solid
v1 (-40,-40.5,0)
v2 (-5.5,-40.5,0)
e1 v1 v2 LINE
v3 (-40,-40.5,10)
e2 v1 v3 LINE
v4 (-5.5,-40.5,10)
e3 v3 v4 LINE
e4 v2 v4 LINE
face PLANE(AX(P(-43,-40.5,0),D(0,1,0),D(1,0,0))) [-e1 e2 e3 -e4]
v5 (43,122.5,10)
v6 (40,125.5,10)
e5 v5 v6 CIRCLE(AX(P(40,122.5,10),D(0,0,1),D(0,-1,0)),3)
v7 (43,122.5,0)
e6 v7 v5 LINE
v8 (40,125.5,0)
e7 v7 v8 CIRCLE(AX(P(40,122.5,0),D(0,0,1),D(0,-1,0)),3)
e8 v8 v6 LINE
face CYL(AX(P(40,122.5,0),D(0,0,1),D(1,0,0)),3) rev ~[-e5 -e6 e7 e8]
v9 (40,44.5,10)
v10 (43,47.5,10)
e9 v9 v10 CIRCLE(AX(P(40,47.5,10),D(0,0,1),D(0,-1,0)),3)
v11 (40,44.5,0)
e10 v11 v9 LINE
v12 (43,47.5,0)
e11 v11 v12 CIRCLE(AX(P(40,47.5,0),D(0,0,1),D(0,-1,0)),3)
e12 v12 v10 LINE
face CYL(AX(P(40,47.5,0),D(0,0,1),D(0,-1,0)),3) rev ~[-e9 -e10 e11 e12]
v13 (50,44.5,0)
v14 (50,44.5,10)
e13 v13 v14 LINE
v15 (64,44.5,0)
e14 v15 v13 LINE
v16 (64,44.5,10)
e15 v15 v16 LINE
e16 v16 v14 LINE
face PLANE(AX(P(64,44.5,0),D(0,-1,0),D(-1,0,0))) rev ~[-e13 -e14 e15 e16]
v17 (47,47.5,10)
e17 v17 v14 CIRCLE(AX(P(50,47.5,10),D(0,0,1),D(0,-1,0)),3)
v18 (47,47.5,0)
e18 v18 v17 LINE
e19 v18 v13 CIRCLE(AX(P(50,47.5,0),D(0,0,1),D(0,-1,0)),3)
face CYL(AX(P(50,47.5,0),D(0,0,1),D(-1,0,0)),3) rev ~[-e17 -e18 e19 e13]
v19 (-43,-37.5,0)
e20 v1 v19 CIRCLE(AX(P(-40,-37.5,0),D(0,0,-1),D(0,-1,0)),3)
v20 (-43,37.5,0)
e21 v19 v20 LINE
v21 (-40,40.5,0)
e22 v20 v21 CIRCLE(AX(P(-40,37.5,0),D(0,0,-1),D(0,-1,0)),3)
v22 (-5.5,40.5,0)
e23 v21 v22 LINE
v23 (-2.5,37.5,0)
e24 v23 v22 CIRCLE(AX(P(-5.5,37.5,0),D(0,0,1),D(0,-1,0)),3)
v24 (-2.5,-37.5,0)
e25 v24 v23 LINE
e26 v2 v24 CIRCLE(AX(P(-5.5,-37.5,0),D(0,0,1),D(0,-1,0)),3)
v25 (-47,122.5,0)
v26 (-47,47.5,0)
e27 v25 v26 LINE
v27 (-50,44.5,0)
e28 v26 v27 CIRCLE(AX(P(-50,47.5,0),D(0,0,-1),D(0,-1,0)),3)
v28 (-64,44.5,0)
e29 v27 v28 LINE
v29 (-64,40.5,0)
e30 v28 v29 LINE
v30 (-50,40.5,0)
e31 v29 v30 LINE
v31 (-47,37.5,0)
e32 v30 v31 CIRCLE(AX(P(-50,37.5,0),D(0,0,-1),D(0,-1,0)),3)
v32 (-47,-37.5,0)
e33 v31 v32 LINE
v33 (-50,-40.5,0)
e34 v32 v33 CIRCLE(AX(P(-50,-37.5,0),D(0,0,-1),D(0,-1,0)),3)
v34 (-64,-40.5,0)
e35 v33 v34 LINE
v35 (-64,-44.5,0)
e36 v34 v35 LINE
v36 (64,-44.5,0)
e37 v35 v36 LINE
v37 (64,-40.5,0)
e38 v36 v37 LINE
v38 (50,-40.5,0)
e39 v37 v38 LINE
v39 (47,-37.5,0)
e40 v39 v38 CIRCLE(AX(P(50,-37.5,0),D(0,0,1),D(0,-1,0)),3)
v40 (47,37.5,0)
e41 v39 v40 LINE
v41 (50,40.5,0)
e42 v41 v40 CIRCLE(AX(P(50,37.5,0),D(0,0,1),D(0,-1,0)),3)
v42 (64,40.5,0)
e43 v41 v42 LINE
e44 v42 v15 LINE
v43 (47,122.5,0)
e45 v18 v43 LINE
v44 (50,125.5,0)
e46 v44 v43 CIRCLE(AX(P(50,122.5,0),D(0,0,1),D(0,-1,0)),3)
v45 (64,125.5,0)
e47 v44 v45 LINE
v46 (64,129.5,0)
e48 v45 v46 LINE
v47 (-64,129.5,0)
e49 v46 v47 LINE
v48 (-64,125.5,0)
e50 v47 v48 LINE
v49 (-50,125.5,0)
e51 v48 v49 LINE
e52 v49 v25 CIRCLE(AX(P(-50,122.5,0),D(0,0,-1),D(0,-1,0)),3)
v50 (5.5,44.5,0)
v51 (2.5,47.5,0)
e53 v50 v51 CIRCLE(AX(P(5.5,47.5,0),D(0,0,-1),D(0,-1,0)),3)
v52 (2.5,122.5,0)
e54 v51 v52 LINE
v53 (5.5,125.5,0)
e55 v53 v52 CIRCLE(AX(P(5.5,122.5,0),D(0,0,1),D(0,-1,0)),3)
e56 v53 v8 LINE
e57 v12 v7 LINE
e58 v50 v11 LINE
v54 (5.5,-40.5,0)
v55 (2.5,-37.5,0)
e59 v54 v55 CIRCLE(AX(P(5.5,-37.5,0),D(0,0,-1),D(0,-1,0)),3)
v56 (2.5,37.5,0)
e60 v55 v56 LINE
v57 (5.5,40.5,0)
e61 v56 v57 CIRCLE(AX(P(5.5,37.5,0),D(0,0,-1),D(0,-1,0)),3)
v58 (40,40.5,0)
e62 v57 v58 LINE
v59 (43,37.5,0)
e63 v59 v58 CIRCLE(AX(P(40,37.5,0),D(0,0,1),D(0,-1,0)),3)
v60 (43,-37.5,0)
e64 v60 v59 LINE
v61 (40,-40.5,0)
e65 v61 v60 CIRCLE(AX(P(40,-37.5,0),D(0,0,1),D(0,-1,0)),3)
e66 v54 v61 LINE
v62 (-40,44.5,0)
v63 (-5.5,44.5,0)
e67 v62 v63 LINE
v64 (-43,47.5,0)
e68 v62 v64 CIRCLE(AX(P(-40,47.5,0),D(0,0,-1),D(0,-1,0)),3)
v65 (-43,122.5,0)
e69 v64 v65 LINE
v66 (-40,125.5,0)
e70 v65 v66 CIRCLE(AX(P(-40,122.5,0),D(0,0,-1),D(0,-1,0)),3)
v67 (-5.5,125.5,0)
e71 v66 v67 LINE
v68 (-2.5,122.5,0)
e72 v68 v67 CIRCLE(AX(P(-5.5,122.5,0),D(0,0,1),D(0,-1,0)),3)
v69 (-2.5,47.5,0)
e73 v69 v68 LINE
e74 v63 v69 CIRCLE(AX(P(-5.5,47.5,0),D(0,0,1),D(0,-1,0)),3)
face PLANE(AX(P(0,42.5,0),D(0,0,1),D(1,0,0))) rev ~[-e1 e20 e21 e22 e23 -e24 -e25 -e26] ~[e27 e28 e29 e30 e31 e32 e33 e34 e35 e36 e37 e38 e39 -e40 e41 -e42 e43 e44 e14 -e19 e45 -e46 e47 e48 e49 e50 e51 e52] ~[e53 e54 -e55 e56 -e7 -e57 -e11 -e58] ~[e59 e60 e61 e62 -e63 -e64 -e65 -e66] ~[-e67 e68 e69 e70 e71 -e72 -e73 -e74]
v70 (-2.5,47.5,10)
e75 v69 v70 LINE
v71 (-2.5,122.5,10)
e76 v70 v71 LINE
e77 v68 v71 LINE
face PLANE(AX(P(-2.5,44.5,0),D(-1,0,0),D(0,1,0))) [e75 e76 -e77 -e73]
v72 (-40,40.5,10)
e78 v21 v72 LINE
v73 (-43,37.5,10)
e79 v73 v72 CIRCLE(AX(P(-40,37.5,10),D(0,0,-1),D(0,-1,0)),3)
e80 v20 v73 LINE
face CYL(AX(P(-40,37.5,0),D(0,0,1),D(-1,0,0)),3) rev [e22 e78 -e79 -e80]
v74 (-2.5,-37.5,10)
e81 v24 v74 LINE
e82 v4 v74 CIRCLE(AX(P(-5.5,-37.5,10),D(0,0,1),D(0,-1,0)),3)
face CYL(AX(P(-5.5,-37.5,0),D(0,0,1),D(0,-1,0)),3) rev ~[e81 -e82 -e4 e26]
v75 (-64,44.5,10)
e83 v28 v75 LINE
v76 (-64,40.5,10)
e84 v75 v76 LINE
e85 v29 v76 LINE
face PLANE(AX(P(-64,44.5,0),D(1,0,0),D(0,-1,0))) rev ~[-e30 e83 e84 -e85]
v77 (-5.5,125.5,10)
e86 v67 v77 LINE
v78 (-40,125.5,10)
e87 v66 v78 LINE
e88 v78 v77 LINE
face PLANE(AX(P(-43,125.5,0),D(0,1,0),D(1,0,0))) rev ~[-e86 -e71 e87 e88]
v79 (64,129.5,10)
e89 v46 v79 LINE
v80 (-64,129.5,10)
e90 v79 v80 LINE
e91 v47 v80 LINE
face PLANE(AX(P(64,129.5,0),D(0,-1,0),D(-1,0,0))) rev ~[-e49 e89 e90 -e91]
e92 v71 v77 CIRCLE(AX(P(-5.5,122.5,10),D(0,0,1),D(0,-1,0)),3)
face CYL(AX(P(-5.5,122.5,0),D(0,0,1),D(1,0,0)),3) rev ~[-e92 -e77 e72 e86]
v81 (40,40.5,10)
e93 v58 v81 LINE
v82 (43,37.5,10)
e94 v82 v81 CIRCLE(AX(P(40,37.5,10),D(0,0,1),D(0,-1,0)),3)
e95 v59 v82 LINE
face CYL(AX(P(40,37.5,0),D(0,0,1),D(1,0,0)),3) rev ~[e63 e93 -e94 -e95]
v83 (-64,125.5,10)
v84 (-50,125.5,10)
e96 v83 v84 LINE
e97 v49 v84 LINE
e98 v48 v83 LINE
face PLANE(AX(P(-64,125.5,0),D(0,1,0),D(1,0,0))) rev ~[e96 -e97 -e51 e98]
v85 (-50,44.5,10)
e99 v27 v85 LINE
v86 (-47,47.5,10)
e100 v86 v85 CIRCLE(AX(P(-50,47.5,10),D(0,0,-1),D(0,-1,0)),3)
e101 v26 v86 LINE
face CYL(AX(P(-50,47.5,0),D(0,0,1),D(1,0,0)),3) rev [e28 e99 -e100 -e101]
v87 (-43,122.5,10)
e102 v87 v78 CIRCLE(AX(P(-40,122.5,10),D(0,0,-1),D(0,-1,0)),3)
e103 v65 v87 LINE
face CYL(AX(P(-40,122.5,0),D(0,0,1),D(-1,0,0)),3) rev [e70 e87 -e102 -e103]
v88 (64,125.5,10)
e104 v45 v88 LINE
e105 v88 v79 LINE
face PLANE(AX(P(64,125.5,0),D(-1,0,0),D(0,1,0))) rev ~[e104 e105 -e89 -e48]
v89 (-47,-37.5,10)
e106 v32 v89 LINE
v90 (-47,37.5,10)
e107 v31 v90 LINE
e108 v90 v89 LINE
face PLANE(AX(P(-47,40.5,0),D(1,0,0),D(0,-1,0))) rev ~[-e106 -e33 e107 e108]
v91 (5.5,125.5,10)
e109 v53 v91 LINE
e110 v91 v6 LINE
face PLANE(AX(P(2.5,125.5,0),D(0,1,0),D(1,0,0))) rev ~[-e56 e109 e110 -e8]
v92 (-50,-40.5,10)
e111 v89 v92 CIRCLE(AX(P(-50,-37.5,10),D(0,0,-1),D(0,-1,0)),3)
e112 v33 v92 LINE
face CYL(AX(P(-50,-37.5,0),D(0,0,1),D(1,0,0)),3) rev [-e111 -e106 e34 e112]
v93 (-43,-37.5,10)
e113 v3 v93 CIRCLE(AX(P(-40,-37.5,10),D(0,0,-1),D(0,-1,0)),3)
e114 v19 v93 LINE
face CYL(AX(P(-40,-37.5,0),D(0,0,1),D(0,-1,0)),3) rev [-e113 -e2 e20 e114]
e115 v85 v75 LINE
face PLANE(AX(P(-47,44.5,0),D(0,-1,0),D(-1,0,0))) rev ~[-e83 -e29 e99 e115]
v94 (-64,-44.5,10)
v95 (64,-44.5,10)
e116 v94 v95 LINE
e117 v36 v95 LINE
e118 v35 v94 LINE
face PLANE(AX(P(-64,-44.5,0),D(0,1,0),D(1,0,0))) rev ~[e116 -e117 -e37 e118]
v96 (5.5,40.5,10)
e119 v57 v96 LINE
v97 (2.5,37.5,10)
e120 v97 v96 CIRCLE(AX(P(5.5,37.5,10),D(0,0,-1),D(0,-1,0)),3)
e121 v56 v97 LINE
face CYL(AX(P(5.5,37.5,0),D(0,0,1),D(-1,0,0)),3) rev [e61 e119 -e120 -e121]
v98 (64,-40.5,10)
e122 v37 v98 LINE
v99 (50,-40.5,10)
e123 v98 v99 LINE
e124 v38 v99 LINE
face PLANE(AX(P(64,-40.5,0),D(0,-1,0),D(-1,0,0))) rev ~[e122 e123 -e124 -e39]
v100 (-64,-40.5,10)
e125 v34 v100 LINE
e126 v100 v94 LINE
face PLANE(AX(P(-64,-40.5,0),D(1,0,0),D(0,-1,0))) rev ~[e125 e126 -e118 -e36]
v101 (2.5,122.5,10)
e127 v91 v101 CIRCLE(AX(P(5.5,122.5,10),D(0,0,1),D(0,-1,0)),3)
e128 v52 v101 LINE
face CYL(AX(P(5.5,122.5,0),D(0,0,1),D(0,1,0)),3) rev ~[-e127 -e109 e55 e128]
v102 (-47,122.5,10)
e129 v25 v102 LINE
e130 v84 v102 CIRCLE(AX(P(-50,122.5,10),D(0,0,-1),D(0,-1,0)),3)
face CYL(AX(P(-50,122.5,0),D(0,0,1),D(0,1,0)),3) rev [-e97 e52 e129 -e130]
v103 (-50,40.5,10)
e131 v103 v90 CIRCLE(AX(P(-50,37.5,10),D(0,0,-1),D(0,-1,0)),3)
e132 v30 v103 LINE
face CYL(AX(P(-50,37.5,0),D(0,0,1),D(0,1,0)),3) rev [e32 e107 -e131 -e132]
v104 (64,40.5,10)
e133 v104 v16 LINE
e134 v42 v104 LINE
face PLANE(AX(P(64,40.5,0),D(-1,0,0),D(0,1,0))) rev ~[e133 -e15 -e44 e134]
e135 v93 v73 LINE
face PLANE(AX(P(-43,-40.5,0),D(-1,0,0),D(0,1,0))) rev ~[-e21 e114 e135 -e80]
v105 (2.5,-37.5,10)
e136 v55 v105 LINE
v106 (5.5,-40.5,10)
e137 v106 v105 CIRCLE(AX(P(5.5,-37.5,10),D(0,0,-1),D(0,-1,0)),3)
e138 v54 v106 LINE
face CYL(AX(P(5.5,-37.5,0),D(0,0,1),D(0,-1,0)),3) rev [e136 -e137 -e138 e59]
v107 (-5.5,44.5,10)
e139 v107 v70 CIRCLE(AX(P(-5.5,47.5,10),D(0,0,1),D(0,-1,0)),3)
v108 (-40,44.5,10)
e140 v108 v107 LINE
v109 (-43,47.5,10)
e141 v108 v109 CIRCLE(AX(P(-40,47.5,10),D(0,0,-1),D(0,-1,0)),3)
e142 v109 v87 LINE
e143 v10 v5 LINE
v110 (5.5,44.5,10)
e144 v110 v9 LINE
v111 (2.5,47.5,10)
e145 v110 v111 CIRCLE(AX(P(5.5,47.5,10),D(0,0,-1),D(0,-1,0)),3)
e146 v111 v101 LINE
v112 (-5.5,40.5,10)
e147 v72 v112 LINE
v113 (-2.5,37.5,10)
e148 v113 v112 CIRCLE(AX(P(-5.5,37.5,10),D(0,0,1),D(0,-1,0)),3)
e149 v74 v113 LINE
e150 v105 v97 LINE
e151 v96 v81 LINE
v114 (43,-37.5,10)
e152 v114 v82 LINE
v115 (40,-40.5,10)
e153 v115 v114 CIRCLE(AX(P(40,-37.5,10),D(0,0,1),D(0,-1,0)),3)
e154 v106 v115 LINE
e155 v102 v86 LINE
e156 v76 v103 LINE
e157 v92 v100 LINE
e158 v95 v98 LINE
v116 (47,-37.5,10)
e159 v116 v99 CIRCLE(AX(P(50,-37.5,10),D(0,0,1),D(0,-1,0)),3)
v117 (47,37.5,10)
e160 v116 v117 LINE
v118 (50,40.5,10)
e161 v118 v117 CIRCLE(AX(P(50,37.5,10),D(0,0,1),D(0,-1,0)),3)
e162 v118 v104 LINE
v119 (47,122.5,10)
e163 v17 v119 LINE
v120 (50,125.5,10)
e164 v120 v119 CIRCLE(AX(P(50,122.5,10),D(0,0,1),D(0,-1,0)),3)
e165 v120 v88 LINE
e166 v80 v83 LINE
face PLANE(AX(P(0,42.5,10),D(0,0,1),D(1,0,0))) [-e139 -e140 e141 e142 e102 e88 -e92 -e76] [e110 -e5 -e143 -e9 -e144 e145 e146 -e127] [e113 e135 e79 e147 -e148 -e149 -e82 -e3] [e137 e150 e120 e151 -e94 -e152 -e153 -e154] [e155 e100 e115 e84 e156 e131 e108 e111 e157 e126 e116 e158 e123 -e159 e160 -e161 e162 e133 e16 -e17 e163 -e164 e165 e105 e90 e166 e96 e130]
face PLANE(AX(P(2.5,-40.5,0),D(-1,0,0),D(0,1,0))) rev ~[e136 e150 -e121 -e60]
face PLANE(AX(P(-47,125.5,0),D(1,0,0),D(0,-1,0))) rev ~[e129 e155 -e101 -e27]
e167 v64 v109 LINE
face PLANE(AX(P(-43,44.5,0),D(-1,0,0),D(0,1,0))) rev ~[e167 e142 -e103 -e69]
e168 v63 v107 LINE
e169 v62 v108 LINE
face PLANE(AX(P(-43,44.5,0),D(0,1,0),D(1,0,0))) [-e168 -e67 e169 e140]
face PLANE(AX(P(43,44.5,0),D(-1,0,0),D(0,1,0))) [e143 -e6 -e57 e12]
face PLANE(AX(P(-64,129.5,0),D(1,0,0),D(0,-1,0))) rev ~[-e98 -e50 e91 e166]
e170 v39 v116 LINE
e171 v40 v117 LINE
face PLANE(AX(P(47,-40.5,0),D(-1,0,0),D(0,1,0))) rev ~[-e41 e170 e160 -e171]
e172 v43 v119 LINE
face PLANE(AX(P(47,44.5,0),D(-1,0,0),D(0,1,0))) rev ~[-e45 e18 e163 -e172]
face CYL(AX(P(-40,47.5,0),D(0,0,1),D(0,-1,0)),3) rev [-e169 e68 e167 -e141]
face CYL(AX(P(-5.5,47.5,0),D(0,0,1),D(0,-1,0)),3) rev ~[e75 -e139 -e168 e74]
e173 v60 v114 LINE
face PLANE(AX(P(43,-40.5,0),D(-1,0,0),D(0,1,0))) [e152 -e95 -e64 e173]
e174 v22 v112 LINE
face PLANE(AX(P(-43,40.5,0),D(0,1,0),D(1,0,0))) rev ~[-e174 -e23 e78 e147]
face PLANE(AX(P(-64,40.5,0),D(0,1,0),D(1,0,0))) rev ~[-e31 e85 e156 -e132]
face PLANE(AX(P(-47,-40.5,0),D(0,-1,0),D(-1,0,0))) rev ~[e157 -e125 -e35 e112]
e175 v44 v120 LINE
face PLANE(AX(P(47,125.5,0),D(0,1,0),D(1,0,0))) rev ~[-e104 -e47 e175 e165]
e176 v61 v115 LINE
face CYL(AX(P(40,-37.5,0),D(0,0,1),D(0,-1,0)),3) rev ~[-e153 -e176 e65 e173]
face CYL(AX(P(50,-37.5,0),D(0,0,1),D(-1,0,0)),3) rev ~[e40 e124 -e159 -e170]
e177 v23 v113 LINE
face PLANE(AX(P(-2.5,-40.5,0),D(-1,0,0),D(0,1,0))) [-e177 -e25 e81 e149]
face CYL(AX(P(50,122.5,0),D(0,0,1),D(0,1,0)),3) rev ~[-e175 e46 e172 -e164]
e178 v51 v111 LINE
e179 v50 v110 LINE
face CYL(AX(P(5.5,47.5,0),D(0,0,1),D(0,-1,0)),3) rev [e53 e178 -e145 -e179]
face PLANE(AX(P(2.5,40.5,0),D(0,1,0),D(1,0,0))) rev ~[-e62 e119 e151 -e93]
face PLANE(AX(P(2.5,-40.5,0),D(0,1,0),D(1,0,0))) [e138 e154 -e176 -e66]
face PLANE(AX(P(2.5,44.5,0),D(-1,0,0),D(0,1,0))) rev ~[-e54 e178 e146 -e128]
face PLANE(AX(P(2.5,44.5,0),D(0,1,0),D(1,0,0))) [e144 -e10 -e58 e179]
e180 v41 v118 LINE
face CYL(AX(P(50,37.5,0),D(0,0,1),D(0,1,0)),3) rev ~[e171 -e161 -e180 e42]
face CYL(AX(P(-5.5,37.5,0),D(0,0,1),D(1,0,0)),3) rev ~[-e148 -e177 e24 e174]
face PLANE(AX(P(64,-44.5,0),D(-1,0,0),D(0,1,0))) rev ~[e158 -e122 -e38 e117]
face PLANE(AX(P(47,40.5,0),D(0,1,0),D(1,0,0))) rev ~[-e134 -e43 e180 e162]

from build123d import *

# Parameters (mm, degrees)
SKETCH1_W           = 40.5
SKETCH1_H           = 81
BOSS_EXTRUDE1_DEPTH = 10
FILLET1_R           = 3


with BuildPart() as part:
    # Sketch1 → Boss-Extrude1 (new body)
    with BuildSketch(Plane.XY):
        Polygon((-64, 129.5), (-64, 125.5), (-47, 125.5), (-47, 44.5), (-64, 44.5), (-64, 40.5), (-47, 40.5), (-47, -40.5), (-64, -40.5), (-64, -44.5), (0, -44.5), (64, -44.5), (64, -40.5), (47, -40.5), (47, 40.5), (64, 40.5), (64, 44.5), (47, 44.5), (47, 125.5), (64, 125.5), (64, 129.5), (0, 129.5), align=None)
        with Locations((-22.75, 0)):
            Rectangle(SKETCH1_W, SKETCH1_H, mode=Mode.SUBTRACT)
        with Locations((22.75, 0)):
            Rectangle(SKETCH1_W, SKETCH1_H, mode=Mode.SUBTRACT)
        with Locations((-22.75, 85)):
            Rectangle(SKETCH1_W, SKETCH1_H, mode=Mode.SUBTRACT)
        with Locations((22.75, 85)):
            Rectangle(SKETCH1_W, SKETCH1_H, mode=Mode.SUBTRACT)
    extrude(amount=BOSS_EXTRUDE1_DEPTH)

    # Fillet1
    fillet1_edges = [part.edges().sort_by_distance(p)[0] for p in [
        (43, -40.5, 5),
        (43, 40.5, 5),
        (2.5, 40.5, 5),
        (2.5, -40.5, 5),
        (43, 44.5, 5),
        (43, 125.5, 5),
        (2.5, 125.5, 5),
        (2.5, 44.5, 5),
        (-43, 40.5, 5),
        (-43, -40.5, 5),
        (-2.5, -40.5, 5),
        (-2.5, 40.5, 5),
        (-43, 125.5, 5),
        (-43, 44.5, 5),
        (-2.5, 44.5, 5),
        (-2.5, 125.5, 5),
        (-47, 44.5, 5),
        (-47, 125.5, 5),
        (47, 125.5, 5),
        (47, 44.5, 5),
        (47, 40.5, 5),
        (47, -40.5, 5),
        (-47, -40.5, 5),
        (-47, 40.5, 5),
    ]]
    fillet(fillet1_edges, radius=FILLET1_R)


solid = part.part
